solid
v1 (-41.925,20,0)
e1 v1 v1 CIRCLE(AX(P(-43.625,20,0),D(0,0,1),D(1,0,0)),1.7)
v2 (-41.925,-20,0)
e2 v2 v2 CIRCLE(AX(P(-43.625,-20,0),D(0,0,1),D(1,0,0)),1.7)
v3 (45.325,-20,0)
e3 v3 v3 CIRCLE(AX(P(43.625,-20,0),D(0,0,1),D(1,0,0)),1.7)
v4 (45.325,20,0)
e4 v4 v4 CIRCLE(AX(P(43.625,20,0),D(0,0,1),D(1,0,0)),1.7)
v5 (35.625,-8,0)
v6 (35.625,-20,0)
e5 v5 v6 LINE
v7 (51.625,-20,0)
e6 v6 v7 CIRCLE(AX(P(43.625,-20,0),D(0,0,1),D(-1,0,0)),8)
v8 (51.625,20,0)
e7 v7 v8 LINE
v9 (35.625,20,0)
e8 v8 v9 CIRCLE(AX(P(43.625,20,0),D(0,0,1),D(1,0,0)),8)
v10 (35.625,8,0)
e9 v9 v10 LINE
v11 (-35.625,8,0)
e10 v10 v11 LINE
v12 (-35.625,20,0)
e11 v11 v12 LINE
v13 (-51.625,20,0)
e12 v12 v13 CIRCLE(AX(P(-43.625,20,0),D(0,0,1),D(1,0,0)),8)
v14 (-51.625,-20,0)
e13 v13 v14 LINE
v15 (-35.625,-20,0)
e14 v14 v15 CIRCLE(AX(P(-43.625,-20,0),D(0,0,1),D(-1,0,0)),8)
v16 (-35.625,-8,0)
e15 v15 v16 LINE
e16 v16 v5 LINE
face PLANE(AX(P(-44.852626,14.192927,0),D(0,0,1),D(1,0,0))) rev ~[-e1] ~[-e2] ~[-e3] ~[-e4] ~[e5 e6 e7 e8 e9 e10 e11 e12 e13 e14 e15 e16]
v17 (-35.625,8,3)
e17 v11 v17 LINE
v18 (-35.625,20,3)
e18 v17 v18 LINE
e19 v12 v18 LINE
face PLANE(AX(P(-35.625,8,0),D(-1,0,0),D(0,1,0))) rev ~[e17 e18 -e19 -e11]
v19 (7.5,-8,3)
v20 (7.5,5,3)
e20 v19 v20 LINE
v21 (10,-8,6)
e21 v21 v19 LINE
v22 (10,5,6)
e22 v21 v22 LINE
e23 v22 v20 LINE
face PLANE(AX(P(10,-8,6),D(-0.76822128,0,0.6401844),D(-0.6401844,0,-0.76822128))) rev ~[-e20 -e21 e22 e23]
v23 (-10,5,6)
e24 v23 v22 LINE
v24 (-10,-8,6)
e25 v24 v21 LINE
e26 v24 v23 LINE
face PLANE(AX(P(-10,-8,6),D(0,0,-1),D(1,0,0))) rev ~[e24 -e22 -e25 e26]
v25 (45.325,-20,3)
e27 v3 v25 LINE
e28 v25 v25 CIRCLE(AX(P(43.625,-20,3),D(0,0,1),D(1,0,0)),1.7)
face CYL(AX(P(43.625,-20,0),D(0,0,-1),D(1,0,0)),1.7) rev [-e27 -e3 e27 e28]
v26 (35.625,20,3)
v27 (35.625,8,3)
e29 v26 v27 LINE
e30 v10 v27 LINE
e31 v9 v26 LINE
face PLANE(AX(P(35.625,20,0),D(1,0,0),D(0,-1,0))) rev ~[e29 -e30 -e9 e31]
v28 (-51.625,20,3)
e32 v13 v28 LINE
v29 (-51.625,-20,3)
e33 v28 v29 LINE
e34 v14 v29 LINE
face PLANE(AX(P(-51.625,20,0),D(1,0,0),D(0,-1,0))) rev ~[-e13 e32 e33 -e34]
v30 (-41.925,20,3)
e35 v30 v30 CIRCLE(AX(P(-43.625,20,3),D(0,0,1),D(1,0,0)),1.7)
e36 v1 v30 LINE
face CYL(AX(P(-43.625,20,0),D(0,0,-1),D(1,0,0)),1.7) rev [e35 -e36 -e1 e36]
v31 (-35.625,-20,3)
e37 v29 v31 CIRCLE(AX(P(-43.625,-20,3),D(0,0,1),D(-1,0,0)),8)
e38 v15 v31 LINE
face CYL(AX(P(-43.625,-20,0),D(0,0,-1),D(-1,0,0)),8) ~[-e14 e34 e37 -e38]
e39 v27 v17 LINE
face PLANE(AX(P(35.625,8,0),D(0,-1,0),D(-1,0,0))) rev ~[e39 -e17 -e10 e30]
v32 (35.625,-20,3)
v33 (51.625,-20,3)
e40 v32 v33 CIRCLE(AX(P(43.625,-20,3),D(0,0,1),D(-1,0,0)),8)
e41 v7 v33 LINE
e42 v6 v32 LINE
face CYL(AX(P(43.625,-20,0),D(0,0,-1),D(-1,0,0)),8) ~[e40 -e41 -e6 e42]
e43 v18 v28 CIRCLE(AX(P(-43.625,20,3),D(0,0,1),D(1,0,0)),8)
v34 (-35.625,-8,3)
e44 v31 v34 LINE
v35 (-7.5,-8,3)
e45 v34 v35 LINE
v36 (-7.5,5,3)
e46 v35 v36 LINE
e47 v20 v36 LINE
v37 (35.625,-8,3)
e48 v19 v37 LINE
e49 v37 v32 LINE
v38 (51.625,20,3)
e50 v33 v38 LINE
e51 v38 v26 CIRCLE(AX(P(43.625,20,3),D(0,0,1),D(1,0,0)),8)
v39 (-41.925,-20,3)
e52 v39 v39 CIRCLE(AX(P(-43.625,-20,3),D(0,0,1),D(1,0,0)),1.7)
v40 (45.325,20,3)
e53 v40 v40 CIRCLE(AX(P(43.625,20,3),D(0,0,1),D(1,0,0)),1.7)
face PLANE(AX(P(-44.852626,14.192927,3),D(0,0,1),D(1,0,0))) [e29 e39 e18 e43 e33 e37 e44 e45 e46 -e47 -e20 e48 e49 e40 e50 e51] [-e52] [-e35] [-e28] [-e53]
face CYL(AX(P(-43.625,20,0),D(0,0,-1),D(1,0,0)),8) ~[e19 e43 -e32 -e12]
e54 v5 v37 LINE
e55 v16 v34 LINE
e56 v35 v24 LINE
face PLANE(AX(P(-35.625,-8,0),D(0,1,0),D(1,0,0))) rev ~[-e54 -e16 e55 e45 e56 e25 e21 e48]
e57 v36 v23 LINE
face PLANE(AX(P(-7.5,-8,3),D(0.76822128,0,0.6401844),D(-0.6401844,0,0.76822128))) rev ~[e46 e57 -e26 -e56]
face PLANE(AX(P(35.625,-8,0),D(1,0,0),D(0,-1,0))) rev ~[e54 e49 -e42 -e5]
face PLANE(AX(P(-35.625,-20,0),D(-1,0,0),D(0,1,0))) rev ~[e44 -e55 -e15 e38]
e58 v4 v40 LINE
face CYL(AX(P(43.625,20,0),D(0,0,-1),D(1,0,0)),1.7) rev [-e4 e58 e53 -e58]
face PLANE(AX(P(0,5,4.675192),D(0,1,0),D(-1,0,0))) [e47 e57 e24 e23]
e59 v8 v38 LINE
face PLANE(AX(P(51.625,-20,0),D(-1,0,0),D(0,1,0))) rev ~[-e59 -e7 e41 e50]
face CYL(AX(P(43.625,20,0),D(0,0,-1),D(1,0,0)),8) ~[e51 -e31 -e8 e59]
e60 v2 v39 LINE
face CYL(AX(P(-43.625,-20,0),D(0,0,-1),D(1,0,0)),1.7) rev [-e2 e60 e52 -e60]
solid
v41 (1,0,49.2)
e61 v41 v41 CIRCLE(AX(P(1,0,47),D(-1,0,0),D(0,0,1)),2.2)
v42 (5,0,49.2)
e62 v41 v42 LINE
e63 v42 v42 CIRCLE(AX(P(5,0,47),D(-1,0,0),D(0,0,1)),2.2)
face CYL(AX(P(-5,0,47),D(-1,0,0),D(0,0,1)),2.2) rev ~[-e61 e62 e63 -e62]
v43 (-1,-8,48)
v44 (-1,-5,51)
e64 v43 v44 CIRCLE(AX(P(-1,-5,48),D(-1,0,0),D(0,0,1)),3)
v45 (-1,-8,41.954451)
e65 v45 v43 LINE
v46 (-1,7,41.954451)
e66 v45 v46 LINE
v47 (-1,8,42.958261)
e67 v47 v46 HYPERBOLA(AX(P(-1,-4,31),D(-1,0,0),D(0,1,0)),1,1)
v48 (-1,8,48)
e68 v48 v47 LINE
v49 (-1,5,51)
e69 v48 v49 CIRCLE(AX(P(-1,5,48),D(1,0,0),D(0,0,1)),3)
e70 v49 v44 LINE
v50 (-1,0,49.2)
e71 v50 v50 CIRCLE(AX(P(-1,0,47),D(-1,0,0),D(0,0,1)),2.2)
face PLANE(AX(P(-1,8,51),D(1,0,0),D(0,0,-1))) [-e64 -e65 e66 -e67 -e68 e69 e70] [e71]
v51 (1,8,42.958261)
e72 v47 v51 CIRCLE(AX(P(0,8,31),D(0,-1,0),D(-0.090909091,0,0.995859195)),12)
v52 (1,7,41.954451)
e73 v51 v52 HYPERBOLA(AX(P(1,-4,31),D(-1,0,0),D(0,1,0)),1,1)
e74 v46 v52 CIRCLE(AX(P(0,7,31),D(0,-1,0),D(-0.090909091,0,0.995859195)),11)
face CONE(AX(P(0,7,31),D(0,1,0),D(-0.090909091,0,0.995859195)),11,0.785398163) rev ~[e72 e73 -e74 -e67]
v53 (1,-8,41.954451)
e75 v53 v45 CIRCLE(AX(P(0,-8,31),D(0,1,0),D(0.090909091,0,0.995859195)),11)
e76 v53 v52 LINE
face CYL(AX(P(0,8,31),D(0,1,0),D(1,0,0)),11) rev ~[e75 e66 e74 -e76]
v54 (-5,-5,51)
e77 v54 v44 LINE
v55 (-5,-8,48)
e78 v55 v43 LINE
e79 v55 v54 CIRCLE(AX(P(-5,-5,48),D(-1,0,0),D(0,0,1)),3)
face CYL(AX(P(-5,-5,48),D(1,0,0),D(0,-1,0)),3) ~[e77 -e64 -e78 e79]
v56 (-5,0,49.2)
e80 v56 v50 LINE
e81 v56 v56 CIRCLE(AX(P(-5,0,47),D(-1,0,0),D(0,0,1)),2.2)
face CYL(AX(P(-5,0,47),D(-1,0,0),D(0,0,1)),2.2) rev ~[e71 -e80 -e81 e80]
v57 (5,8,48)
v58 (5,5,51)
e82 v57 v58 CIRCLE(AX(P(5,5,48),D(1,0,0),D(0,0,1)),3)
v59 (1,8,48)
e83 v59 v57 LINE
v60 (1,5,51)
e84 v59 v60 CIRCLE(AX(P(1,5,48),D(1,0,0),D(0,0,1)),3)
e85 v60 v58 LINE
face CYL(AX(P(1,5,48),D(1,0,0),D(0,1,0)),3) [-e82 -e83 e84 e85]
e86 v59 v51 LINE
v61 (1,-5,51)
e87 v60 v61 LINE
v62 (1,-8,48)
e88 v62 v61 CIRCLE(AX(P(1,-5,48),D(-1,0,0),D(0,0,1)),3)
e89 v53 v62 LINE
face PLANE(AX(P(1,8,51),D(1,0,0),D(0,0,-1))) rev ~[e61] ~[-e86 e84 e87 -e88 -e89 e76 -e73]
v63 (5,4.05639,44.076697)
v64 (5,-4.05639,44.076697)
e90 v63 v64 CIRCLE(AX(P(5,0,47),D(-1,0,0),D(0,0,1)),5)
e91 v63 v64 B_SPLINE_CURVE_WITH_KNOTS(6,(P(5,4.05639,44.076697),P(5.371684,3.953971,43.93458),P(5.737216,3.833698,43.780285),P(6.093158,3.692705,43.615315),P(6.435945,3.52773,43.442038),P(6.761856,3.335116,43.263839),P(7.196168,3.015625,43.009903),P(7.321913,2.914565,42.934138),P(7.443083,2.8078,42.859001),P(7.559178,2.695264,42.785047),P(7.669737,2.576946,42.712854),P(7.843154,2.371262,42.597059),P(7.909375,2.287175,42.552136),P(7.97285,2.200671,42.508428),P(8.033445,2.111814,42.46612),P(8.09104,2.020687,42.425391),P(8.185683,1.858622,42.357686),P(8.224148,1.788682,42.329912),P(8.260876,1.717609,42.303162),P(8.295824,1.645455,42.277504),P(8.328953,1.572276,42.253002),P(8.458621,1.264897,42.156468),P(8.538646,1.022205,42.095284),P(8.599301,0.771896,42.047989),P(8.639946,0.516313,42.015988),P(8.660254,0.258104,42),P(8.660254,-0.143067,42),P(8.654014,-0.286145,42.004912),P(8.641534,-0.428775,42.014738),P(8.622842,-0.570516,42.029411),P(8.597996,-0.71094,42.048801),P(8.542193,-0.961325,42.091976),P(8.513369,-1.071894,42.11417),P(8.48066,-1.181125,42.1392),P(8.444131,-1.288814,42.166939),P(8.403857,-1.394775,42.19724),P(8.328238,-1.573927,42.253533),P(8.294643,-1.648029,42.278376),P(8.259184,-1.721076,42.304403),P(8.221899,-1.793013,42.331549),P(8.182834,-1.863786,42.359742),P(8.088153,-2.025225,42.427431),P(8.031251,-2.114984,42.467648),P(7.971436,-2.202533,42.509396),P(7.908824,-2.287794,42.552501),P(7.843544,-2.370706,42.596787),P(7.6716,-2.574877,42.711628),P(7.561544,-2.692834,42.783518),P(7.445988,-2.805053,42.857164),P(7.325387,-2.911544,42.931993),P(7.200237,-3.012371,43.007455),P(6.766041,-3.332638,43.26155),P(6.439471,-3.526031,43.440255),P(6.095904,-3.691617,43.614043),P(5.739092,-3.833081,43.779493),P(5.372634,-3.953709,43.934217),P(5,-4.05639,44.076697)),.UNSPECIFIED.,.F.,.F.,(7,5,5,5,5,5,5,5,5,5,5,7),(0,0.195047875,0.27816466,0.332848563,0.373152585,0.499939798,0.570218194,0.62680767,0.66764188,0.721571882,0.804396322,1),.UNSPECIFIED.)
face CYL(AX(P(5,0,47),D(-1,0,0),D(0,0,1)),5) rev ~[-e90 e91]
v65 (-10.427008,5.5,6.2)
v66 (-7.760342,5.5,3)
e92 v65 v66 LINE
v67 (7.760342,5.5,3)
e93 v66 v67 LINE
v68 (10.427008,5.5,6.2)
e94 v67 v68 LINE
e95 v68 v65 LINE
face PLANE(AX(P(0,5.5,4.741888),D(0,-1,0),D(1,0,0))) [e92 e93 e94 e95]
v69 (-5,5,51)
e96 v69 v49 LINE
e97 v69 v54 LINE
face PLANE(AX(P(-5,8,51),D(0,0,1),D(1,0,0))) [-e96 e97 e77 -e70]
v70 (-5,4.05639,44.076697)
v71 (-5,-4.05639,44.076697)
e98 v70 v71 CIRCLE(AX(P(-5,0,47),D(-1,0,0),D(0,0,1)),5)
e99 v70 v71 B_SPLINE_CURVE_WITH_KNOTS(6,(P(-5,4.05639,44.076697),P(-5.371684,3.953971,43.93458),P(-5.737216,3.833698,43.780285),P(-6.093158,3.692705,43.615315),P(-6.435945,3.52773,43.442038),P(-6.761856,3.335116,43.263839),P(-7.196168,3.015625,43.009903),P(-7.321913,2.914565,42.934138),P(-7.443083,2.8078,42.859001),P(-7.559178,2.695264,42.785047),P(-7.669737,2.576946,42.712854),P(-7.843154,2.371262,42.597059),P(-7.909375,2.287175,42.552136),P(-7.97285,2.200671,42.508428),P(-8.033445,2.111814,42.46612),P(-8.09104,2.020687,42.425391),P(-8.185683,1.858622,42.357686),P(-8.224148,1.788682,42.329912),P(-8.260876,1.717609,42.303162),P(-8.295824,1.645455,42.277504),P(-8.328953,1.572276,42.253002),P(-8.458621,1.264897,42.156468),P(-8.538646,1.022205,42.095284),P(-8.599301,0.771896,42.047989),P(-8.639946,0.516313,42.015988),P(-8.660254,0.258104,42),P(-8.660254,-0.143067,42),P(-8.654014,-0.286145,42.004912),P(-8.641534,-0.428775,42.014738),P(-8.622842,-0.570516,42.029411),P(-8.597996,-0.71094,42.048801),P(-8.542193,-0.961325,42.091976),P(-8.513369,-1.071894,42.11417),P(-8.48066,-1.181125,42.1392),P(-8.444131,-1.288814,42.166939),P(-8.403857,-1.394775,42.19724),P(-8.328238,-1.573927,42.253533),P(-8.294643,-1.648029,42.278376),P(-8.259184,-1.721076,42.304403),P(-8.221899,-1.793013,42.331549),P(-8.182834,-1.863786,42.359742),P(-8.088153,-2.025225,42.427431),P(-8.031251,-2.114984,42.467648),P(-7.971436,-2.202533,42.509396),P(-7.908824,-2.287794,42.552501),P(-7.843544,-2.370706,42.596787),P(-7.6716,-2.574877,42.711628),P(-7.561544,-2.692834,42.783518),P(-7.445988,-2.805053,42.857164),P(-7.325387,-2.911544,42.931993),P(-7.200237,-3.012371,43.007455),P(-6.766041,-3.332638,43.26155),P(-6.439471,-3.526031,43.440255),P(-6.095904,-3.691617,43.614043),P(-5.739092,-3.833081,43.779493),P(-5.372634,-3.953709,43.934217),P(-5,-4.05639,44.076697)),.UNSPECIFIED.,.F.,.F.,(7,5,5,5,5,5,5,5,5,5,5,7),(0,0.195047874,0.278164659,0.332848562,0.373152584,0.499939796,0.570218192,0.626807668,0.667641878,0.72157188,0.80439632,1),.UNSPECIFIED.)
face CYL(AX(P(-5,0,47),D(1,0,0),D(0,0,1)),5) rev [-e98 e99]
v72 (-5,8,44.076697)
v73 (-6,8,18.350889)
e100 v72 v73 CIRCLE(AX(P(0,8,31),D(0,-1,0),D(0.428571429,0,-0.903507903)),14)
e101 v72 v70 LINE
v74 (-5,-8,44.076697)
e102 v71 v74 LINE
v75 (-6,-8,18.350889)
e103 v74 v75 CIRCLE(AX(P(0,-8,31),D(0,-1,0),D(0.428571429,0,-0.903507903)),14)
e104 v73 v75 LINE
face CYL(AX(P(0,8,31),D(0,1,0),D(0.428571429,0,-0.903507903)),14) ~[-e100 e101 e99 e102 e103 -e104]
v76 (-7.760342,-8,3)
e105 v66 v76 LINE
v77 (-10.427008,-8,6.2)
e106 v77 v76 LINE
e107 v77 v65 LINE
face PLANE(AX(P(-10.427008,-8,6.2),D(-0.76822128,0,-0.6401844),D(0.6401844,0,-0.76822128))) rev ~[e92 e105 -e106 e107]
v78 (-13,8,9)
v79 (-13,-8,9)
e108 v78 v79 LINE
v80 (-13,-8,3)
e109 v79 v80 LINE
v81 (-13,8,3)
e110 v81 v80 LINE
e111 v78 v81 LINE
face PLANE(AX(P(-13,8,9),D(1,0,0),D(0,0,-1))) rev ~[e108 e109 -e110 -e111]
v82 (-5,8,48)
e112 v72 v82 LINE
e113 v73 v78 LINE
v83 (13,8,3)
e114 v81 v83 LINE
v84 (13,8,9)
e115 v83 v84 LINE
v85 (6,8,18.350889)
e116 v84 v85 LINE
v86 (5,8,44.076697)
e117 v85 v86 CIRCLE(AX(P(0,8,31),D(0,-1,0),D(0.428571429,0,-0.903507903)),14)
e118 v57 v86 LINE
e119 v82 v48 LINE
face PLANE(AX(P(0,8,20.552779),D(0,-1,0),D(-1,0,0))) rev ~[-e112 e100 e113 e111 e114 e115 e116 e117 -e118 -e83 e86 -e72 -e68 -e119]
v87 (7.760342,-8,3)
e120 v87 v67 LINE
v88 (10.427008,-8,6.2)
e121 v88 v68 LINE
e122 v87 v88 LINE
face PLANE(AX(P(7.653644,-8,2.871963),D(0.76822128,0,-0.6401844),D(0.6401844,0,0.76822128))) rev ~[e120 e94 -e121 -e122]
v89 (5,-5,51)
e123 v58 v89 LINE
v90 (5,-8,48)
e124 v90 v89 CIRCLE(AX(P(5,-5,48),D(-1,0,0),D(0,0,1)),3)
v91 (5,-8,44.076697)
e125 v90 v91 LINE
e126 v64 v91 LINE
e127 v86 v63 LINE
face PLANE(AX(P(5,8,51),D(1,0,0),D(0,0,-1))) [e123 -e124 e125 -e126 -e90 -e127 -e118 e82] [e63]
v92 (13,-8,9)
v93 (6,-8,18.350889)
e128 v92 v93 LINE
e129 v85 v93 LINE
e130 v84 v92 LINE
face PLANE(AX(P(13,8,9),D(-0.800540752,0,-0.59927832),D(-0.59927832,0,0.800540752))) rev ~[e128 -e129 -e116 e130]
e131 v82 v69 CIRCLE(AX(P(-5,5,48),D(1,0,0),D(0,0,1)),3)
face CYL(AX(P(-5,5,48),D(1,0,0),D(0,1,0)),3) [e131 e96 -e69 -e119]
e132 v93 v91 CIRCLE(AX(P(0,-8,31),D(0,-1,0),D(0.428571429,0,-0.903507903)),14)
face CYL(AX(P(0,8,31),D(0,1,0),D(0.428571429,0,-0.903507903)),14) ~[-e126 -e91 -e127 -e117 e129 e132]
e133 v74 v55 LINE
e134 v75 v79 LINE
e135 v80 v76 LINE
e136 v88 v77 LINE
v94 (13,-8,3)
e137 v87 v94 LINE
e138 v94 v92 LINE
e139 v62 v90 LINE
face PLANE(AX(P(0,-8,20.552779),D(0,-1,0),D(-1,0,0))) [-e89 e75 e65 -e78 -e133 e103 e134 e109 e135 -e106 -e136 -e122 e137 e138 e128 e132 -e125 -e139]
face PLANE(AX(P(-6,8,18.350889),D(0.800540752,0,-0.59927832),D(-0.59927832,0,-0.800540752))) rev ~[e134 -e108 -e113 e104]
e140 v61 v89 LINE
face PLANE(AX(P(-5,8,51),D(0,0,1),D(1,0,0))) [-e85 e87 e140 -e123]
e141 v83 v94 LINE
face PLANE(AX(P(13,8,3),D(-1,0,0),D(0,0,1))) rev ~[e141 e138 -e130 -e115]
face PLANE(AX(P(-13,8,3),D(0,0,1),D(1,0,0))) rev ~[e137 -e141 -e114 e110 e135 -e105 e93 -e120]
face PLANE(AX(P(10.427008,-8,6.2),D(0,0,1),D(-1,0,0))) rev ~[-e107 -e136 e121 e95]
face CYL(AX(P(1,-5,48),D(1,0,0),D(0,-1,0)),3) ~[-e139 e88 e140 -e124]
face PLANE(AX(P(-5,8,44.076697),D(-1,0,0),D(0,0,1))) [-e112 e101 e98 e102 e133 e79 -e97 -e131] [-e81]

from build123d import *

# Parameters (mm, degrees)
SKETCH1_R               = 1.7
SKETCH1_W               = 71.25
SKETCH1_H               = 16
BOSS_EXTRUDE1_DEPTH     = 3
BOSS_EXTRUDE2_DEPTH     = 13
SKETCH5_R               = 11
BOSS_EXTRUDE3_DEPTH     = 16
BOSS_EXTRUDE4_DEPTH     = 16
SKETCH7_W               = 2
SKETCH7_H               = 12
CUT_EXTRUDE1_DEPTH      = 37
SKETCH8_R               = 2.2
CUT_EXTRUDE2_DEPTH      = 5
CUT_EXTRUDE2_DEPTH_BACK = 15
SKETCH9_R               = 5
CUT_EXTRUDE3_DEPTH      = 5
CUT_EXTRUDE4_DEPTH      = 13.5
FILLET1_R               = 3
CHAMFER1_SIZE           = 1


with BuildPart() as part:
    # Sketch1 → Boss-Extrude1 (new body)
    with BuildSketch(Plane.XY):
        with BuildLine():
            Line((-35.625, 8), (-35.625, 20))
            ThreePointArc((-35.625, 20), (-43.625, 28), (-51.625, 20))
            Line((-51.625, 20), (-51.625, 9e-09))
            ThreePointArc((-51.625, 9e-09), (-49.281854246, 5.656854253), (-43.625, 8))
            Line((-43.625, 8), (-35.625, 8))
        make_face()
        with Locations((-43.625, 20)):
            Circle(SKETCH1_R, mode=Mode.SUBTRACT)
        with BuildLine():
            Line((-35.625, -20), (-35.625, -8))
            Line((-35.625, -8), (-43.625, -8))
            ThreePointArc((-43.625, -8), (-49.281854253, -5.656854246), (-51.625, 9e-09))
            Line((-51.625, 9e-09), (-51.625, -20))
            ThreePointArc((-51.625, -20), (-43.625, -28), (-35.625, -20))
        make_face()
        with Locations((-43.625, -20)):
            Circle(SKETCH1_R, mode=Mode.SUBTRACT)
        Rectangle(SKETCH1_W, SKETCH1_H)
        with BuildLine():
            Line((-35.625, -8), (-35.625, 8))
            Line((-35.625, 8), (-43.625, 8))
            ThreePointArc((-43.625, 8), (-49.281854246, 5.656854253), (-51.625, 9e-09))
            ThreePointArc((-51.625, 9e-09), (-49.281854253, -5.656854246), (-43.625, -8))
            Line((-43.625, -8), (-35.625, -8))
        make_face()
        with BuildLine():
            Line((43.625, 8), (35.625, 8))
            Line((35.625, 8), (35.625, -8))
            Line((35.625, -8), (43.625, -8))
            ThreePointArc((43.625, -8), (49.281854249, -5.656854249), (51.625, 0))
            ThreePointArc((51.625, 0), (49.281854249, 5.656854249), (43.625, 8))
        make_face()
        with BuildLine():
            Line((35.625, 20), (35.625, 8))
            Line((35.625, 8), (43.625, 8))
            ThreePointArc((43.625, 8), (49.281854249, 5.656854249), (51.625, 0))
            Line((51.625, 0), (51.625, 20))
            ThreePointArc((51.625, 20), (43.625, 28), (35.625, 20))
        make_face()
        with Locations((43.625, 20)):
            Circle(SKETCH1_R, mode=Mode.SUBTRACT)
        with BuildLine():
            Line((43.625, -8), (35.625, -8))
            Line((35.625, -8), (35.625, -20))
            ThreePointArc((35.625, -20), (43.625, -28), (51.625, -20))
            Line((51.625, -20), (51.625, 0))
            ThreePointArc((51.625, 0), (49.281854249, -5.656854249), (43.625, -8))
        make_face()
        with Locations((43.625, -20)):
            Circle(SKETCH1_R, mode=Mode.SUBTRACT)
    extrude(amount=BOSS_EXTRUDE1_DEPTH)

    # Sketch2 → Boss-Extrude2 (add)
    with BuildSketch(Plane.XZ.offset(8)):
        Polygon((-10, 6), (10, 6), (7.5, 3), (-7.5, 3), align=None)
    extrude(amount=-BOSS_EXTRUDE2_DEPTH)


with BuildPart() as body_2:
    # Sketch5 → Boss-Extrude3 (new body)
    with BuildSketch(Plane(origin=(0, 8, 0), x_dir=(1, 0, 0), z_dir=(0, 1, 0))):
        with BuildLine():
            Line((-13, -3), (13, -3))
            Line((13, -3), (13, -9))
            Line((13, -9), (6, -18.350889359))
            ThreePointArc((6, -18.350889359), (0, -45), (-6, -18.350889359))
            Line((-6, -18.350889359), (-13, -9))
            Line((-13, -9), (-13, -3))
        make_face()
        with Locations((0, -31)):
            Circle(SKETCH5_R, mode=Mode.SUBTRACT)
    extrude(amount=-BOSS_EXTRUDE3_DEPTH)

    # Sketch6 → Boss-Extrude4 (add)
    with BuildSketch(Plane(origin=(0, 8, 0), x_dir=(1, 0, 0), z_dir=(0, 1, 0))):
        with BuildLine():
            ThreePointArc((5, -44.076696831), (0, -45), (-5, -44.076696831))
            Line((-5, -44.076696831), (-5, -51))
            Line((-5, -51), (5, -51))
            Line((5, -51), (5, -44.076696831))
        make_face()
    extrude(amount=-BOSS_EXTRUDE4_DEPTH)

    # Sketch7 → Cut-Extrude1 (cut, through all)
    with BuildSketch(Plane(origin=(0, 8, 0), x_dir=(1, 0, 0), z_dir=(0, 1, 0))):
        with Locations((0, -45)):
            Rectangle(SKETCH7_W, SKETCH7_H)
    extrude(amount=-CUT_EXTRUDE1_DEPTH, mode=Mode.SUBTRACT)

    # Sketch8 → Cut-Extrude2 (cut, two sides)
    with BuildSketch(Plane.ZY.offset(5)) as cut_extrude2_sk:
        with Locations((47, 0)):
            Circle(SKETCH8_R)
    extrude(amount=CUT_EXTRUDE2_DEPTH, mode=Mode.SUBTRACT)
    extrude(cut_extrude2_sk.sketch, amount=-CUT_EXTRUDE2_DEPTH_BACK, mode=Mode.SUBTRACT)

    # Sketch9 → Cut-Extrude3 (cut)
    with BuildSketch(Plane.ZY.offset(5)):
        with Locations((47, 0)):
            Circle(SKETCH9_R)
    cut_extrude3 = extrude(amount=CUT_EXTRUDE3_DEPTH, mode=Mode.SUBTRACT)

    # Mirror1: Cut-Extrude3 across plane
    add(cut_extrude3.mirror(Plane(origin=(0, 0, 0), x_dir=(0, 0, 1), z_dir=(1, 0, 0))), mode=Mode.SUBTRACT)

    # Sketch10 → Cut-Extrude4 (cut)
    with BuildSketch(Plane.XZ.offset(8)):
        Polygon((-7.653644256, 2.87196312), (7.653644256, 2.87196312), (10.427008323, 6.2), (-10.427008323, 6.2), align=None)
    extrude(amount=-CUT_EXTRUDE4_DEPTH, mode=Mode.SUBTRACT)

    # Fillet1
    fillet1_edges = [body_2.edges().sort_by_distance(p)[0] for p in [
        (-3, -8, 51),
        (-3, 8, 51),
        (3, 8, 51),
        (3, -8, 51),
    ]]
    fillet(fillet1_edges, radius=FILLET1_R)

    # Chamfer1
    chamfer1_edges = [body_2.edges().sort_by_distance(p)[0] for p in [
        (0, 8, 20),
    ]]
    chamfer(chamfer1_edges, length=CHAMFER1_SIZE)


solid = Compound([part.part, body_2.part])
